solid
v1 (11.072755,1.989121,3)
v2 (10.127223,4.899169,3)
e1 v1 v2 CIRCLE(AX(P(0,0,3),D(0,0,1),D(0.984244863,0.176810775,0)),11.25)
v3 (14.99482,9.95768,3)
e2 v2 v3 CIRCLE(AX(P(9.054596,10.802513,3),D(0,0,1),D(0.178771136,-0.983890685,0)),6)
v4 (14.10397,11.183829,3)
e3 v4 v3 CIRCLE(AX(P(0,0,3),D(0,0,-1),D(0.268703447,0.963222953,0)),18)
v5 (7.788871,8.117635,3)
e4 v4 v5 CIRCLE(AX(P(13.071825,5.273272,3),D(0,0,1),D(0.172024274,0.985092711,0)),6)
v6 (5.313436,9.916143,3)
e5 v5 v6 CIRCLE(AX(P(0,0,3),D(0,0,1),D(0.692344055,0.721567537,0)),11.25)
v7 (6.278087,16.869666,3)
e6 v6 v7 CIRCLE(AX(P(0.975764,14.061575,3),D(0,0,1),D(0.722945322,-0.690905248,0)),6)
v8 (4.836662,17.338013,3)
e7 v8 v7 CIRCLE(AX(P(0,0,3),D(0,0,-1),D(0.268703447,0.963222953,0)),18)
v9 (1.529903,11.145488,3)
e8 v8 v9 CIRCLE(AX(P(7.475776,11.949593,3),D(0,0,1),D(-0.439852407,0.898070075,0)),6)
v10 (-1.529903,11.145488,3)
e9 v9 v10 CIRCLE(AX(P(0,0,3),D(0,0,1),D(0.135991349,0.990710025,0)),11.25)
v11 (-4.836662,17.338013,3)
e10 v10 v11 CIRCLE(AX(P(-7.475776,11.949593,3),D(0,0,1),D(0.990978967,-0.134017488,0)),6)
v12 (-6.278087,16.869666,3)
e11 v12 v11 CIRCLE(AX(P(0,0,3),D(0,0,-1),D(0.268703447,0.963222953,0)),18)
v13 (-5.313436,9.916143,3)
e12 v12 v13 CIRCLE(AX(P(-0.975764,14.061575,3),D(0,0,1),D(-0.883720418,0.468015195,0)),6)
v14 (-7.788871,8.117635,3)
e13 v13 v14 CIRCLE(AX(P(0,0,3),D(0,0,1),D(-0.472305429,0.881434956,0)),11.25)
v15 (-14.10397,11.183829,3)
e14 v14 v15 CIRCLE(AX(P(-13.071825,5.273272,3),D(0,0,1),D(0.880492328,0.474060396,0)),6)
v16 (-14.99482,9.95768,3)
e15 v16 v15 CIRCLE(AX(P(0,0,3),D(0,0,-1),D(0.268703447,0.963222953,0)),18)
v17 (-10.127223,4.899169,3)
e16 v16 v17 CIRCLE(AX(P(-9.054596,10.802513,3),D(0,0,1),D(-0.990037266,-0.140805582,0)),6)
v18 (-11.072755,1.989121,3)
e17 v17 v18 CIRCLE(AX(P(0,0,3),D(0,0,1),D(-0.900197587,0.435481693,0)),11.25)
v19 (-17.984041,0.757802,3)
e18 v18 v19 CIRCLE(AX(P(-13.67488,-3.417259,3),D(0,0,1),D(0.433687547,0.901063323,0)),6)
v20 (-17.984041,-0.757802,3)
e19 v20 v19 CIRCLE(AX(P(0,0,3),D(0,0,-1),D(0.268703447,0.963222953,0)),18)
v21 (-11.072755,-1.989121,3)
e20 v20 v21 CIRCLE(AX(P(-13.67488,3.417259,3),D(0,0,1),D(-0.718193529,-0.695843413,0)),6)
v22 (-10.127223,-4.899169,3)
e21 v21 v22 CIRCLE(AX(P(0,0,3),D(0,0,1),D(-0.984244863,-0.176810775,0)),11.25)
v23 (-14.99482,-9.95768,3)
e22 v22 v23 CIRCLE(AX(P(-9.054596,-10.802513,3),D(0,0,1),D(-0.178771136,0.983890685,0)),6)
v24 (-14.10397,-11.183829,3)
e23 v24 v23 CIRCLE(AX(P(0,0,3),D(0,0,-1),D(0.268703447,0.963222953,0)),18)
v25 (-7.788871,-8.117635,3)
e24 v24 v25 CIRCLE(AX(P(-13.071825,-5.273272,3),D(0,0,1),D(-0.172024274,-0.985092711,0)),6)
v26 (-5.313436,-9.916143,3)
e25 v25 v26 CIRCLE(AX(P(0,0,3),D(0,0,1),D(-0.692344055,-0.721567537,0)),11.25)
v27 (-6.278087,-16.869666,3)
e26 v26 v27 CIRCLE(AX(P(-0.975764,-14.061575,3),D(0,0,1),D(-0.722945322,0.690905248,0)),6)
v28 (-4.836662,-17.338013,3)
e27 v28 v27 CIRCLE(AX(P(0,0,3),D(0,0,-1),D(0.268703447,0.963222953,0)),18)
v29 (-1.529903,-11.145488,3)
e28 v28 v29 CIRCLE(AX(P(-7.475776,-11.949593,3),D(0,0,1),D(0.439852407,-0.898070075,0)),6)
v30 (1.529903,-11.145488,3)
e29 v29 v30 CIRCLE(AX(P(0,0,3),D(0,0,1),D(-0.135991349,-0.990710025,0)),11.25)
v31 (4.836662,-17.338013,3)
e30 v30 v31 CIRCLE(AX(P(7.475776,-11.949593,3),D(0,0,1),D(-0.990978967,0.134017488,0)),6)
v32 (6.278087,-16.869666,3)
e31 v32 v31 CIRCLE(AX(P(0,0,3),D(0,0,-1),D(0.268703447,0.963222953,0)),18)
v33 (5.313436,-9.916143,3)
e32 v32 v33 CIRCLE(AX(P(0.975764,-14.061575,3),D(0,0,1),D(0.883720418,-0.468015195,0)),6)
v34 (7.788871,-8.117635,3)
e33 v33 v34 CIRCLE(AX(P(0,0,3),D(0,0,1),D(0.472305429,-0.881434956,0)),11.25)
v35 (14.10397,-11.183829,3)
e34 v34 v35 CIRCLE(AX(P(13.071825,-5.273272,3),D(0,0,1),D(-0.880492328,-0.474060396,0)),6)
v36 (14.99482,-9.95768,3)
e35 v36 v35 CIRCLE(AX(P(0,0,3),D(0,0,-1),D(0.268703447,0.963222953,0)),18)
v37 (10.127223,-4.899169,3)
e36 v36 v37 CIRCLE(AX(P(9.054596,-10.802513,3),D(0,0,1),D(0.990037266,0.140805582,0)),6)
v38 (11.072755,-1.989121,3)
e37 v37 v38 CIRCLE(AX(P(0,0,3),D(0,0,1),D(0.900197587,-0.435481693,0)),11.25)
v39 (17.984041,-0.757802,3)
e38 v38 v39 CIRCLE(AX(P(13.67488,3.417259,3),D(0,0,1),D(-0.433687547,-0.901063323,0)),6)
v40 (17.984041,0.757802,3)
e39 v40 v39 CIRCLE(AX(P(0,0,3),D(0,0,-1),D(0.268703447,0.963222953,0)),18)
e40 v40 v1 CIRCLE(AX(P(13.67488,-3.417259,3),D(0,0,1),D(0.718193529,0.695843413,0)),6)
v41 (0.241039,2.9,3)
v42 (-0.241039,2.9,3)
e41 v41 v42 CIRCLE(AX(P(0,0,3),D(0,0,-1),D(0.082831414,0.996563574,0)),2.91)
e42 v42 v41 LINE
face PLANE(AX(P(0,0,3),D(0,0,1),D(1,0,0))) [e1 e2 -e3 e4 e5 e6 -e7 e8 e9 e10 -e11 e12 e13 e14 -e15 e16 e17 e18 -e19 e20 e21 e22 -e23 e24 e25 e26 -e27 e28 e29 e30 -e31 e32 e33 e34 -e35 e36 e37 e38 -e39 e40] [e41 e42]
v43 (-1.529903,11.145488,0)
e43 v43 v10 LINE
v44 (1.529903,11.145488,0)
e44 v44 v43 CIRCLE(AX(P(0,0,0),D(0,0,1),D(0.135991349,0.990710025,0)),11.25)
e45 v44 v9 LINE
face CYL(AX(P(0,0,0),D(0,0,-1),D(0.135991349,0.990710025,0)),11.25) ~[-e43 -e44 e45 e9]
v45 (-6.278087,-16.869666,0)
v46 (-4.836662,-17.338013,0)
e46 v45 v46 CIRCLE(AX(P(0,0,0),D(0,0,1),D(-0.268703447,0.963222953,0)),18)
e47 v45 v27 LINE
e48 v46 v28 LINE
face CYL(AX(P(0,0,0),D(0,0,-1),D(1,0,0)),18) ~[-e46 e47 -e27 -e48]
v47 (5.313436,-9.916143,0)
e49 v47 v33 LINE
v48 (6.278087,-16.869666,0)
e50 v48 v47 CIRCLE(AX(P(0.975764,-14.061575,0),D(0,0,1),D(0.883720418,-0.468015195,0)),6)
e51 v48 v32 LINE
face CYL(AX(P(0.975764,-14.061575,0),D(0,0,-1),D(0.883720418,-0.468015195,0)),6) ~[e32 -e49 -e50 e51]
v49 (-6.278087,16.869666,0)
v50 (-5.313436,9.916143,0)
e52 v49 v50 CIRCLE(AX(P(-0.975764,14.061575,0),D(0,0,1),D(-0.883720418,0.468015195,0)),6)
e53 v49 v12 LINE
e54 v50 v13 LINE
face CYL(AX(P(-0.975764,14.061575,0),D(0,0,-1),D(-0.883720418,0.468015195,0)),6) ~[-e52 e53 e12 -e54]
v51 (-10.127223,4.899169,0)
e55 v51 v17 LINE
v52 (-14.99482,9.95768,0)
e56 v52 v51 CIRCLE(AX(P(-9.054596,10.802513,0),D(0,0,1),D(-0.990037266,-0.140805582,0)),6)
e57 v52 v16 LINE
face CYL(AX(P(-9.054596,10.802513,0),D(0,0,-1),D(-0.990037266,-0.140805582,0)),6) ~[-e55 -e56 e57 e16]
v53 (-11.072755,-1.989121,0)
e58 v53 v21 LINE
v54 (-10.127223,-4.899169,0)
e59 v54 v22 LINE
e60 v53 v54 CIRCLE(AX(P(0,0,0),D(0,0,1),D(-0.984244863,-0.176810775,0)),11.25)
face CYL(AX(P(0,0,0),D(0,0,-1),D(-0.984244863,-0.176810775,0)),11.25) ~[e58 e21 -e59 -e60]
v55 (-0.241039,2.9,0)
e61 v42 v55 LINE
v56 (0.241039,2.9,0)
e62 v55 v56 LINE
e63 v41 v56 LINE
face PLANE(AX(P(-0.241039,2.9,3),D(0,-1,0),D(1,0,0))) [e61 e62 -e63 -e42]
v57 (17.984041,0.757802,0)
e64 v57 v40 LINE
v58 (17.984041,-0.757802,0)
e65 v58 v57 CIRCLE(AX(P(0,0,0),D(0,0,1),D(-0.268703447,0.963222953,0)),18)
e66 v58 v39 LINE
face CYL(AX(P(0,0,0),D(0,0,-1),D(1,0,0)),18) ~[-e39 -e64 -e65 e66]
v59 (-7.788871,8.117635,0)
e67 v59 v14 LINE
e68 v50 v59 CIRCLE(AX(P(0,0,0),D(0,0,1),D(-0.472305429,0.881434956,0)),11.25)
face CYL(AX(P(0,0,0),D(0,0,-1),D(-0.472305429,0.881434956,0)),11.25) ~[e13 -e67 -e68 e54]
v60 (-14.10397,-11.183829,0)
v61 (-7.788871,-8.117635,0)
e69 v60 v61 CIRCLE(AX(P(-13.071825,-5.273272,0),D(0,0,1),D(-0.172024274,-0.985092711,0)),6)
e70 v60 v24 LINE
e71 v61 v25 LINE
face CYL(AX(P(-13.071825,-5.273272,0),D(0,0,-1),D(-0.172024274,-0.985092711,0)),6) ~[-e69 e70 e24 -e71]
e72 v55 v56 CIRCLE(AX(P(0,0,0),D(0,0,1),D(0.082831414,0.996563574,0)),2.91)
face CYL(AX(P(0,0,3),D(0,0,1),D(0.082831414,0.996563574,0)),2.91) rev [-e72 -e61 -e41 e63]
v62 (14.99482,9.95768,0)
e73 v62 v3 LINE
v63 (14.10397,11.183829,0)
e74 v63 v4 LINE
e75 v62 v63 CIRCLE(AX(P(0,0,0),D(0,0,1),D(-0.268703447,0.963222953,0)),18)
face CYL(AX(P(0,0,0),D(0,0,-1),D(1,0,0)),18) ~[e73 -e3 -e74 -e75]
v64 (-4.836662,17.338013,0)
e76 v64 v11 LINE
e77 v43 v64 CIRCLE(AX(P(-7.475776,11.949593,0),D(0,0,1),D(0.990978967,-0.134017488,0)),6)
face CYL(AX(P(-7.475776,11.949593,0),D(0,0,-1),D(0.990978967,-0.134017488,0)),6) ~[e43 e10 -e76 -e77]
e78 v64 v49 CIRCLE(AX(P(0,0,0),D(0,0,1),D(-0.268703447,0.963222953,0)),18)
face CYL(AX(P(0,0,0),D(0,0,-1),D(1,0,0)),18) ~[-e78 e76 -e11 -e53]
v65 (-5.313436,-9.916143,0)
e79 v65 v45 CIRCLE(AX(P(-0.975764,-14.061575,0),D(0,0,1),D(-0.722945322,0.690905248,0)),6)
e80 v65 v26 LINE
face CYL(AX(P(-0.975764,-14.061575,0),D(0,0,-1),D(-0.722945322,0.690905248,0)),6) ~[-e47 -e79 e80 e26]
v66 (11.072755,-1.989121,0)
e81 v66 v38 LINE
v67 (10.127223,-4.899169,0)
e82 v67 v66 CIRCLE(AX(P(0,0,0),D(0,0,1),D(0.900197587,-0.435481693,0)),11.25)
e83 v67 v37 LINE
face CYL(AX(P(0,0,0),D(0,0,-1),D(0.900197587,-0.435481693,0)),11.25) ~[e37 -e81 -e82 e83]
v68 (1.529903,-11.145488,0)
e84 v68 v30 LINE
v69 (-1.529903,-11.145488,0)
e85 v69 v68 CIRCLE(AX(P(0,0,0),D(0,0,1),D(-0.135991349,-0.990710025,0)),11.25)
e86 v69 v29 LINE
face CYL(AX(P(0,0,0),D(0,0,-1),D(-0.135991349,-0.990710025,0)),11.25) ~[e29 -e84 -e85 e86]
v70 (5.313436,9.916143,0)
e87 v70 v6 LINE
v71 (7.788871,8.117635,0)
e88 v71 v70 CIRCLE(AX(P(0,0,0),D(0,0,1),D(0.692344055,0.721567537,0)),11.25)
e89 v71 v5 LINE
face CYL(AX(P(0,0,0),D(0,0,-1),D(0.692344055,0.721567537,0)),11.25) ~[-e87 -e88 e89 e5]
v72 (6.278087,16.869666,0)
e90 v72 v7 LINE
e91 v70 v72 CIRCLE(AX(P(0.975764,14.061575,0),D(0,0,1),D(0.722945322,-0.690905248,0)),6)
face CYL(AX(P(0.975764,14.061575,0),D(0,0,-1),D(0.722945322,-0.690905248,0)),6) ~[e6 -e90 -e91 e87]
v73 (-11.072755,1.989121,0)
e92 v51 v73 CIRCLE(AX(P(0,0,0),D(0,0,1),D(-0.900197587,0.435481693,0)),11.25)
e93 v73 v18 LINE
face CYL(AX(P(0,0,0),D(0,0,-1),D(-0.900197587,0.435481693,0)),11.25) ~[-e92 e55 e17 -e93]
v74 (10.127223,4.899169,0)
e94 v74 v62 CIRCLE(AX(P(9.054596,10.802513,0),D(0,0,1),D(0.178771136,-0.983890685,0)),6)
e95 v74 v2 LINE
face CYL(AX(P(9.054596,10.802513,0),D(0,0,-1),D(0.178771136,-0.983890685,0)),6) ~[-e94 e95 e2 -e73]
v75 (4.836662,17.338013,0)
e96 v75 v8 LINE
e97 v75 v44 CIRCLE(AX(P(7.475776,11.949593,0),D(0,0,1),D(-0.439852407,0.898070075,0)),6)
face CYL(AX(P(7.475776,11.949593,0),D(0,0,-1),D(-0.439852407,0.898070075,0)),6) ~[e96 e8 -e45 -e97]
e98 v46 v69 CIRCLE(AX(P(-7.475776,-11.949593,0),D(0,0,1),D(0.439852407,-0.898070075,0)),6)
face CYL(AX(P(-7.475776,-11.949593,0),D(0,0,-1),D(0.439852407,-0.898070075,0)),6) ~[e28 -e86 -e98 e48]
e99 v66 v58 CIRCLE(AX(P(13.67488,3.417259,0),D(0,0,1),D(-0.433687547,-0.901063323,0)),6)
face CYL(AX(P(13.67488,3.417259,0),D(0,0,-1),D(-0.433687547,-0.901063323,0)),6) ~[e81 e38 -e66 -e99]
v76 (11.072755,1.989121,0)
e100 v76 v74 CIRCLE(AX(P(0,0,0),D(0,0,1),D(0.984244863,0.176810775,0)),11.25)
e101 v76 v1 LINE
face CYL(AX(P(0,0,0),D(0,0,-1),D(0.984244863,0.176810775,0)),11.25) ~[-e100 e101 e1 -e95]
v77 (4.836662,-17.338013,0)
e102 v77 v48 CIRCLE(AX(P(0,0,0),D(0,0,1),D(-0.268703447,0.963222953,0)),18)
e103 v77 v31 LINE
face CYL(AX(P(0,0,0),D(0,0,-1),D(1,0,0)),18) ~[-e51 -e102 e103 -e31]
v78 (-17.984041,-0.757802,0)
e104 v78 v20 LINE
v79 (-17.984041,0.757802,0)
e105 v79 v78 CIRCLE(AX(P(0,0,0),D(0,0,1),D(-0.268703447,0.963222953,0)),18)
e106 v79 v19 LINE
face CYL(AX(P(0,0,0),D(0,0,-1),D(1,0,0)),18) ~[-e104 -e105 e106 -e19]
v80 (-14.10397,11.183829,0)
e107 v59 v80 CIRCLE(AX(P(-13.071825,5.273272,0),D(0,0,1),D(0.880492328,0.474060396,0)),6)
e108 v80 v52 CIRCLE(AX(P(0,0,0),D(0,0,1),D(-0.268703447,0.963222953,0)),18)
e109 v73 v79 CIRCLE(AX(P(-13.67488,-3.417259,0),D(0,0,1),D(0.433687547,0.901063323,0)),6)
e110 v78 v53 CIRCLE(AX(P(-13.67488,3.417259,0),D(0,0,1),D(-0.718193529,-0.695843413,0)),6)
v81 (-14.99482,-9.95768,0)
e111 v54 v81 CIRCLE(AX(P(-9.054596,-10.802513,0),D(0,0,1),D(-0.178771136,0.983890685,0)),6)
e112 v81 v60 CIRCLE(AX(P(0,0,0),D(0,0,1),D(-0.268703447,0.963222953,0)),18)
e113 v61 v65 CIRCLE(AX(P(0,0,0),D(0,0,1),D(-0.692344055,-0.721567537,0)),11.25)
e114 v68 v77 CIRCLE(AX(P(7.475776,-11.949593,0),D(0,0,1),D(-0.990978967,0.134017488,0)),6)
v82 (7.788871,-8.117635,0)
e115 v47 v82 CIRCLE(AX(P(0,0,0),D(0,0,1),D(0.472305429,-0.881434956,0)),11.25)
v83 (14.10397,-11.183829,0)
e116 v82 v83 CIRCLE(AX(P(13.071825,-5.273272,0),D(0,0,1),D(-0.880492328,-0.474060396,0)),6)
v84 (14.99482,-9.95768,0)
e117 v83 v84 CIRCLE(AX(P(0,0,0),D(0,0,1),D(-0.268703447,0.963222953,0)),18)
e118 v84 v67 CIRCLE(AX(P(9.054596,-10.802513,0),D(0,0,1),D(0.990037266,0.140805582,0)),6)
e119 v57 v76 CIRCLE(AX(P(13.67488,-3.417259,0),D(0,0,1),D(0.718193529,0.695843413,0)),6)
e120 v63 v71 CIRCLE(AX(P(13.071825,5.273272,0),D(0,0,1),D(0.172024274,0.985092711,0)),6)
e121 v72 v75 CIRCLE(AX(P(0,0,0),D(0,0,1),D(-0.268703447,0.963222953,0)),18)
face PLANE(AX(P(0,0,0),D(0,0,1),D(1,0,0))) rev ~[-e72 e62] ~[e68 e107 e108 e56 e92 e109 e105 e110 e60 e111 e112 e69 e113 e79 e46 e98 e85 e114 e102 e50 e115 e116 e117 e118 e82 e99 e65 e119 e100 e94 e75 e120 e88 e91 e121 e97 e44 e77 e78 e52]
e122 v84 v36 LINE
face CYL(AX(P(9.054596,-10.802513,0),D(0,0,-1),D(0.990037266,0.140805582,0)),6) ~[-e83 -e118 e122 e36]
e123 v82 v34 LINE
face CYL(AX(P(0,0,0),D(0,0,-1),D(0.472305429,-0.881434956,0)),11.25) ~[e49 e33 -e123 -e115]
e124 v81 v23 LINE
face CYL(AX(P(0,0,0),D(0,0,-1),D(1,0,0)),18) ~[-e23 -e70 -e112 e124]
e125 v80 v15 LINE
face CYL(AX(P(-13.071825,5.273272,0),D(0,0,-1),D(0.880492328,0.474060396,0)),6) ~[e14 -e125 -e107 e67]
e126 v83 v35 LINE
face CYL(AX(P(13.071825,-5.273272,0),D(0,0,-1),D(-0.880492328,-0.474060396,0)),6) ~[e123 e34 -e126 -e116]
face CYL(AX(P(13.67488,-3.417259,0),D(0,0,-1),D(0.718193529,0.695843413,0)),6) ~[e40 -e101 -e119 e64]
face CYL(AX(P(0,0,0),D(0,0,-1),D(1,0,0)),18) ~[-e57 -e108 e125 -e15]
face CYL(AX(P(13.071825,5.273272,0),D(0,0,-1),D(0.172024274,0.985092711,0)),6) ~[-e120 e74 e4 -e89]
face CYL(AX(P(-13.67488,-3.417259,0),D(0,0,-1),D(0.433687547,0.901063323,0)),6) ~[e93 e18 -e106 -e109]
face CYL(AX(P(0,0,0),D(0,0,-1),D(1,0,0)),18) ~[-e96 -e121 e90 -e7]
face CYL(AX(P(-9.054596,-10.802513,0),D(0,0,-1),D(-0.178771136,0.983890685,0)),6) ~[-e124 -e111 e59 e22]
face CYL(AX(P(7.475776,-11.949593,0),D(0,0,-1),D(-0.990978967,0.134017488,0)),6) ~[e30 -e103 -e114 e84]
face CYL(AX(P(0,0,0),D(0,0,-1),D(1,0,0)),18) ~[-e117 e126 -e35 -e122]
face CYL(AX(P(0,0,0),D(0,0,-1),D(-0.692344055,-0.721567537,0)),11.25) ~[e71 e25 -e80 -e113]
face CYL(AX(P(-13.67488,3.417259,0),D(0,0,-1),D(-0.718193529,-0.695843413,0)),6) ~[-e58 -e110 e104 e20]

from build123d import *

# Parameters (mm, degrees)
SKETCH1_R           = 18
BOSS_EXTRUDE1_DEPTH = 3
CUT_EXTRUDE1_START  = -3
CUT_EXTRUDE1_DEPTH  = 3
CIRPATTERN1_COUNT   = 10
CUT_EXTRUDE3_DEPTH  = 26.171545449


with BuildPart() as part:
    # Sketch1 → Boss-Extrude1 (new body)
    with BuildSketch(Plane.XY):
        Circle(SKETCH1_R)
    extrude(amount=BOSS_EXTRUDE1_DEPTH)

    # Sketch2 → Cut-Extrude1 (cut)
    with BuildSketch(Plane.XY.offset(3).offset(CUT_EXTRUDE1_START)):
        with BuildLine():
            ThreePointArc((4.836662041, 17.338013159), (2.183107171, 14.775836074), (1.52990268, 11.145487777))
            ThreePointArc((1.52990268, 11.145487777), (0, 11.25), (-1.52990268, 11.145487777))
            ThreePointArc((-1.52990268, 11.145487777), (-2.183107171, 14.775836074), (-4.836662041, 17.338013159))
            ThreePointArc((-4.836662041, 17.338013159), (0, 18), (4.836662041, 17.338013159))
        make_face()
    cut_extrude1 = extrude(amount=CUT_EXTRUDE1_DEPTH, mode=Mode.SUBTRACT)

    # CirPattern1: Cut-Extrude1 ×10 about axis
    cirpattern1_axis = Axis((0, 0, 0), (0, 0, 1))
    for i in range(1, CIRPATTERN1_COUNT):
        add(cut_extrude1.rotate(cirpattern1_axis, i * 360 / CIRPATTERN1_COUNT), mode=Mode.SUBTRACT)

    # Sketch4 → Cut-Extrude3 (cut, through all)
    with BuildSketch(Plane.XY.offset(3)):
        with BuildLine():
            Line((-0.241039416, 2.9), (0.241039416, 2.9))
            ThreePointArc((0.241039416, 2.9), (0, -2.91), (-0.241039416, 2.9))
        make_face()
    extrude(amount=-CUT_EXTRUDE3_DEPTH, mode=Mode.SUBTRACT)


solid = part.part
